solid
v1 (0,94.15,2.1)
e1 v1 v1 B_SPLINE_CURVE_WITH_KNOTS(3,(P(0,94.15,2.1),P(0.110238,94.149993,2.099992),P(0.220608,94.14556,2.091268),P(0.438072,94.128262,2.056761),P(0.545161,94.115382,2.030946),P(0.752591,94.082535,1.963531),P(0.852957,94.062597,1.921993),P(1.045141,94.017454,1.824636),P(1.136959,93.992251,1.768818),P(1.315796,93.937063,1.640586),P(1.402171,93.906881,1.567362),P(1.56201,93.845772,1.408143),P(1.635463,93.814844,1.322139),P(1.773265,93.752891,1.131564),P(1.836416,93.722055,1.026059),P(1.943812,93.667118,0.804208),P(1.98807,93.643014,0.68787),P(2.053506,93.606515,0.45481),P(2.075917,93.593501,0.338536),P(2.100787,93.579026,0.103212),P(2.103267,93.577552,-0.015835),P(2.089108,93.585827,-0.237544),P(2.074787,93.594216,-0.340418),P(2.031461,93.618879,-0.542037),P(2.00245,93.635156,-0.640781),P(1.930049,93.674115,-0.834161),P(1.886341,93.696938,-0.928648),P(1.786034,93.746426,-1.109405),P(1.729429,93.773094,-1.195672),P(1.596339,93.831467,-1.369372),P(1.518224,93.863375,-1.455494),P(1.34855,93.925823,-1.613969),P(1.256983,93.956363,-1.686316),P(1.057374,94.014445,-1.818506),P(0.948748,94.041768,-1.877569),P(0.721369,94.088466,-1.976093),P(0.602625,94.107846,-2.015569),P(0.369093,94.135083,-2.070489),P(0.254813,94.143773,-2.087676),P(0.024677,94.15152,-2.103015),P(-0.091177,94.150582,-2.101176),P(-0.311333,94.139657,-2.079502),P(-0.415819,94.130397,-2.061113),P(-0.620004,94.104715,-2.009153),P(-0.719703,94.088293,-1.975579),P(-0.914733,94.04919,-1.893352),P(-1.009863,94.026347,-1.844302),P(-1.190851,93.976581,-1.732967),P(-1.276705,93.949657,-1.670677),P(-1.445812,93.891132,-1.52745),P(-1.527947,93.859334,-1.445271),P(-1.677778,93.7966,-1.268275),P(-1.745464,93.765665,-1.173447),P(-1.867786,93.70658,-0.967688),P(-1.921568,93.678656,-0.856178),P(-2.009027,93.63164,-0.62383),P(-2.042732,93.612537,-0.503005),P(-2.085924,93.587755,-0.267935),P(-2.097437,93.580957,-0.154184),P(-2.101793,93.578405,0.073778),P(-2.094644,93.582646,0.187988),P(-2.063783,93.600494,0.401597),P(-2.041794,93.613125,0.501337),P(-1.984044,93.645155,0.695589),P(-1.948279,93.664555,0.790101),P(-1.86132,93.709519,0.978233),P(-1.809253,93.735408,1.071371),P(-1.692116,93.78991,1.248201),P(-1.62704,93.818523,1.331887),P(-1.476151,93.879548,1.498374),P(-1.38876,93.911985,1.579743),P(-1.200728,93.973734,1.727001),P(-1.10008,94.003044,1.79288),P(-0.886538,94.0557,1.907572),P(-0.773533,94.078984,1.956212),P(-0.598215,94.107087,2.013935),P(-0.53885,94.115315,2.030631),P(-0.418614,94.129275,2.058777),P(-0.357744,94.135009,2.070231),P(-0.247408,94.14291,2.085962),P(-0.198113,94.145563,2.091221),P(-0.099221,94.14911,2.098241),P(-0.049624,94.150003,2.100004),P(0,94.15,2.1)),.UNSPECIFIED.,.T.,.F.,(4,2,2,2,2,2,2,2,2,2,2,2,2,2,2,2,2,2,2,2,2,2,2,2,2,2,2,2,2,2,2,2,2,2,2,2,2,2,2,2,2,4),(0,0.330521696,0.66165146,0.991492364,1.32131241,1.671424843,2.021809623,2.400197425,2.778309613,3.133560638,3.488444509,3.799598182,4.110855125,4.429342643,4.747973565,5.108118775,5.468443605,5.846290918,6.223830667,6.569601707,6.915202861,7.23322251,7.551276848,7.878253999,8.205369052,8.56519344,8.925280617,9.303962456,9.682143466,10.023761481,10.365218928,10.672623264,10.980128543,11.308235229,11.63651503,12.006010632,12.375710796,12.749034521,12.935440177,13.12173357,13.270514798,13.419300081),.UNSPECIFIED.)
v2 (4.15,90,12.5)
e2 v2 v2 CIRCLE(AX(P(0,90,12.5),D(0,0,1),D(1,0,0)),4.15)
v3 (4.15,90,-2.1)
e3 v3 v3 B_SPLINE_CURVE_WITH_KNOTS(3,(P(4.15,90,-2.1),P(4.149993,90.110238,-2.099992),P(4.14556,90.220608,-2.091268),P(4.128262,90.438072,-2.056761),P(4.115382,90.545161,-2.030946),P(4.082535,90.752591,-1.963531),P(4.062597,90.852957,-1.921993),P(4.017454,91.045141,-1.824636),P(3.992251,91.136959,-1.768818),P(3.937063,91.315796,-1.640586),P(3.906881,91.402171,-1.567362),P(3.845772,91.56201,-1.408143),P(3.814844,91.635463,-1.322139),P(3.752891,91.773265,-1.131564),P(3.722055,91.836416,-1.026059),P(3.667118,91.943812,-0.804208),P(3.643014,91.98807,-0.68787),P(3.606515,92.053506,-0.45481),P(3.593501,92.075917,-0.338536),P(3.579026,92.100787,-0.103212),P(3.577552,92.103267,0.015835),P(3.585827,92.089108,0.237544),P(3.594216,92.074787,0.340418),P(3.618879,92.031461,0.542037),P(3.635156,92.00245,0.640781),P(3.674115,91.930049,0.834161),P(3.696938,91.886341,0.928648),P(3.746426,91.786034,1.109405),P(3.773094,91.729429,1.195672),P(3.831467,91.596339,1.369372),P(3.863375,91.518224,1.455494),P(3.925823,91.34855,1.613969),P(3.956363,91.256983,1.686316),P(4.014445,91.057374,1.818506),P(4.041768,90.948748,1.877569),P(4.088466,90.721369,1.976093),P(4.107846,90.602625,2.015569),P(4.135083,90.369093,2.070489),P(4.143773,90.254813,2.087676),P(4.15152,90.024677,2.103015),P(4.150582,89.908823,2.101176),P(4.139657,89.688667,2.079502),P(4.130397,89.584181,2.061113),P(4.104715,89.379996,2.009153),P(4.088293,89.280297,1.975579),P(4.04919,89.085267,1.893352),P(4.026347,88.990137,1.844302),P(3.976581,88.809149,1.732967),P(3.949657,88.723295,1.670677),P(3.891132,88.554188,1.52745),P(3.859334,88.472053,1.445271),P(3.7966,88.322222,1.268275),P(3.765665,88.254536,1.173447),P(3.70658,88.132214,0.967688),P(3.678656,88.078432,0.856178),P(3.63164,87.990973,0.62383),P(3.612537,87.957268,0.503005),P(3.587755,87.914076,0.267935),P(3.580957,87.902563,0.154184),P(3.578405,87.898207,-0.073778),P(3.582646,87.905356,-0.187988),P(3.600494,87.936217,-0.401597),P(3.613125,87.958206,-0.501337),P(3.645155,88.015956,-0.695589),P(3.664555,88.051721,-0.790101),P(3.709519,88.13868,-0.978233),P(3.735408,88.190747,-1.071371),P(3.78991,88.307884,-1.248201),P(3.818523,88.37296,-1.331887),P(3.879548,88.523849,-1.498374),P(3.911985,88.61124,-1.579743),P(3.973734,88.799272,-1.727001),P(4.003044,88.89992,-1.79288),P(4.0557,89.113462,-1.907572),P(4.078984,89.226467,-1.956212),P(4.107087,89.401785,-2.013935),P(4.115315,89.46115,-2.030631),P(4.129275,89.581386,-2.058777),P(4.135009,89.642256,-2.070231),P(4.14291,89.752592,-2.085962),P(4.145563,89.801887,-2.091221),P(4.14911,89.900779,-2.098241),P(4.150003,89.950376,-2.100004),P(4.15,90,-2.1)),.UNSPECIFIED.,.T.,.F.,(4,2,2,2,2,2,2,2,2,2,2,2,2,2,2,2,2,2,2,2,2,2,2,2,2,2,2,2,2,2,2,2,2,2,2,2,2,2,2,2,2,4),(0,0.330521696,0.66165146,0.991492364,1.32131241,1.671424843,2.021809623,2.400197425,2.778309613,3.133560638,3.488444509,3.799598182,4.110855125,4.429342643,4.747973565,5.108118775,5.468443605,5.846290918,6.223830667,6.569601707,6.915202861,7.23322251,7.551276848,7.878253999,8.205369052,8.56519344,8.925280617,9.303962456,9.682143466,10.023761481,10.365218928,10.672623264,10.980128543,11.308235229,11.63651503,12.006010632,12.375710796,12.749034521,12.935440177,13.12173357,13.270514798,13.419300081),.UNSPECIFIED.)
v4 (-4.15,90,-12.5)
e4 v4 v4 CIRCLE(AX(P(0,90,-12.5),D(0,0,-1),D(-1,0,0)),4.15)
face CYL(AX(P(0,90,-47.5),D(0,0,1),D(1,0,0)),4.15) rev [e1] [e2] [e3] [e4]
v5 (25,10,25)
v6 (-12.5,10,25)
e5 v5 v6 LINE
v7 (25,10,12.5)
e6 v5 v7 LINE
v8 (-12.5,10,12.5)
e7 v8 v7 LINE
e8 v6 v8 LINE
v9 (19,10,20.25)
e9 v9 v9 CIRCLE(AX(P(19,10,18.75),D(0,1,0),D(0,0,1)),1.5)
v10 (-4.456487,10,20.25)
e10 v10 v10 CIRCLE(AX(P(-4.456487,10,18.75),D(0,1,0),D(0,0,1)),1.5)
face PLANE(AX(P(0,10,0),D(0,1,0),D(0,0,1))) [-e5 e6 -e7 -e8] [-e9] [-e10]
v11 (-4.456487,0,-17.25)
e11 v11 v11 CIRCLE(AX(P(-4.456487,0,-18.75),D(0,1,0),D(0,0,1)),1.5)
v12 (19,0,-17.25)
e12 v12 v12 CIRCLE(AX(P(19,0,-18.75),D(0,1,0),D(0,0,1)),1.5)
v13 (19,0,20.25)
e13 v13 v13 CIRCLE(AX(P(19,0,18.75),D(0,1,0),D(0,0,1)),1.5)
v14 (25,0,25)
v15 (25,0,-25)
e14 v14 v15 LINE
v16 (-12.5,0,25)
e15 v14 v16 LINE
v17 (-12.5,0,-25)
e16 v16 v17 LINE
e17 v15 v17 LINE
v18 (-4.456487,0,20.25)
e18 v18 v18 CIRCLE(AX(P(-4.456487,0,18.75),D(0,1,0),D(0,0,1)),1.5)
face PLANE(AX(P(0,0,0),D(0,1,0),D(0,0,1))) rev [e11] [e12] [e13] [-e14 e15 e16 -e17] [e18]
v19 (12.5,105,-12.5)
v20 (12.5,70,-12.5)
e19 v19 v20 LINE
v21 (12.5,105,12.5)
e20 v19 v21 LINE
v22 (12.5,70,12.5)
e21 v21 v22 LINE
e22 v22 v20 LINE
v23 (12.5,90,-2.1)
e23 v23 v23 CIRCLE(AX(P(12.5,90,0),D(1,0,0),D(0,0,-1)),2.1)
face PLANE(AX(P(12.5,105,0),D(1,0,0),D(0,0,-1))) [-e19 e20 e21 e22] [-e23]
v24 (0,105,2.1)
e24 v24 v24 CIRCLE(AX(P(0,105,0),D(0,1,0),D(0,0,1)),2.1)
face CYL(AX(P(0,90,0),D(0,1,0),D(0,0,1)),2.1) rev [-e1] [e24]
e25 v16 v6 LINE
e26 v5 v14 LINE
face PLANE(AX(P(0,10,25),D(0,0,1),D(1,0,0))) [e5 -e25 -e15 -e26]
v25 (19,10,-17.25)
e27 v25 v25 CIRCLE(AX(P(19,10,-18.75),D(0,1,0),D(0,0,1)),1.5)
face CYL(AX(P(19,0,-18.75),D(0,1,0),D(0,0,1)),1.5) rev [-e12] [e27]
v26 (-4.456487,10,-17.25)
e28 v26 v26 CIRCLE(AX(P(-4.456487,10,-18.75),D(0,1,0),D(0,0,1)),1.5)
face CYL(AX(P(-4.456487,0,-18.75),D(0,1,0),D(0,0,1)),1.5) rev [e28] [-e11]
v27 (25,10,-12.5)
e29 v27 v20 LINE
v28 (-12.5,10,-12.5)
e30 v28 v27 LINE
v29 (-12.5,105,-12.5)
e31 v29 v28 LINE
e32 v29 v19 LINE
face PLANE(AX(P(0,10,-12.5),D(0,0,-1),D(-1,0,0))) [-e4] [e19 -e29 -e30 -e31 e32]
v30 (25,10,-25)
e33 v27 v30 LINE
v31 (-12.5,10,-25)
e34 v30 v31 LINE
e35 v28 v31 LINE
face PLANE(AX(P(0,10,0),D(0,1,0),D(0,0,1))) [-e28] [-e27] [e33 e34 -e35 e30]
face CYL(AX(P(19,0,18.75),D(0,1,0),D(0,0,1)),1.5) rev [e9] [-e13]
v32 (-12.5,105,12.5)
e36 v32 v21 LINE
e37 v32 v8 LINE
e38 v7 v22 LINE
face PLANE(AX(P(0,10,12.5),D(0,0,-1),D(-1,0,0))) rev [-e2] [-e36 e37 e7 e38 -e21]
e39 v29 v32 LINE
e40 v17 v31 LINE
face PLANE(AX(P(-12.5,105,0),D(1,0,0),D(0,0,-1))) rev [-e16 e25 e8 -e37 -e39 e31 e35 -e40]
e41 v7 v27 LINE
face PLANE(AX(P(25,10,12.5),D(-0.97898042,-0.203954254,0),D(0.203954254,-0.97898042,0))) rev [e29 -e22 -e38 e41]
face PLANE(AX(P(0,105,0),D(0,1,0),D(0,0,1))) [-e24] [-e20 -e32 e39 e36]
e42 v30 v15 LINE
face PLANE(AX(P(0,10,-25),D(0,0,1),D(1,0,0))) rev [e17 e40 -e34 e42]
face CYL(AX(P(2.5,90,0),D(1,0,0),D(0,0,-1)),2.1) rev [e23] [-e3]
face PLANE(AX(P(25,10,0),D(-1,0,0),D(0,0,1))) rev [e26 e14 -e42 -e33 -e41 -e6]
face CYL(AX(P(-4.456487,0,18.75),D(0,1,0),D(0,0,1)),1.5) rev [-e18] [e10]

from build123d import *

# Parameters (mm, degrees)
CROQUIS1_W              = 50
CROQUIS1_H              = 25
SALIENTE_EXTRUIR1_DEPTH = 10
CROQUIS1_3_W            = 25
CROQUIS1_3_H            = 25
SALIENTE_EXTRUIR2_DEPTH = 105
CROQUIS2_R              = 4.15
CORTAR_EXTRUIR1_DEPTH   = 60
CROQUIS3_R              = 2.1
CORTAR_EXTRUIR2_DEPTH   = 10
CROQUIS1_4_W            = 50
CROQUIS1_4_H            = 12.5
SALIENTE_EXTRUIR3_DEPTH = 10
CROQUIS5_R              = 1.5
CORTAR_EXTRUIR4_DEPTH   = 10
CORTAR_EXTRUIR7_DEPTH   = 10
CROQUIS8_R              = 2.1
CORTAR_EXTRUIR9_DEPTH   = 15
CROQUIS9_R              = 1.5
CORTAR_EXTRUIR10_DEPTH  = 10
SALIENTE_EXTRUIR4_DEPTH = 12.5


with BuildPart() as part:
    # Croquis1 → Saliente-Extruir1 (new body)
    with BuildSketch(Plane(origin=(0, 0, 0), x_dir=(1, 0, 0), z_dir=(0, 1, 0))):
        Rectangle(CROQUIS1_W, CROQUIS1_H)
    extrude(amount=SALIENTE_EXTRUIR1_DEPTH)

    # Croquis1<3> → Saliente-Extruir2 (add)
    with BuildSketch(Plane(origin=(0, 0, 0), x_dir=(1, 0, 0), z_dir=(0, 1, 0))):
        Rectangle(CROQUIS1_3_W, CROQUIS1_3_H)
    extrude(amount=SALIENTE_EXTRUIR2_DEPTH)

    # Croquis2 → Cortar-Extruir1 (cut)
    with BuildSketch(Plane.XY.offset(12.5)):
        with Locations((0, 90)):
            Circle(CROQUIS2_R)
    extrude(amount=-CORTAR_EXTRUIR1_DEPTH, mode=Mode.SUBTRACT)

    # Croquis3 → Cortar-Extruir2 (cut)
    with BuildSketch(Plane(origin=(12.5, 0, 0), x_dir=(0, 0, -1), z_dir=(1, 0, 0))):
        with Locations((0, 90)):
            Circle(CROQUIS3_R)
    extrude(amount=-CORTAR_EXTRUIR2_DEPTH, mode=Mode.SUBTRACT)

    # Croquis1<4> → Saliente-Extruir3 (add)
    with BuildSketch(Plane(origin=(0, 0, 0), x_dir=(1, 0, 0), z_dir=(0, 1, 0))):
        with Locations((0, -18.75)):
            Rectangle(CROQUIS1_4_W, CROQUIS1_4_H)
        with Locations((0, 18.75)):
            Rectangle(CROQUIS1_4_W, CROQUIS1_4_H)
    extrude(amount=SALIENTE_EXTRUIR3_DEPTH)

    # Croquis5 → Cortar-Extruir4 (cut)
    with BuildSketch(Plane(origin=(0, 10, 0), x_dir=(1, 0, 0), z_dir=(0, 1, 0))):
        with Locations((-4.456486884, 18.75)):
            Circle(CROQUIS5_R)
        with Locations((-4.456486884, -18.75)):
            Circle(CROQUIS5_R)
    extrude(amount=-CORTAR_EXTRUIR4_DEPTH, mode=Mode.SUBTRACT)

    # Croquis6 → Cortar-Extruir7 (cut)
    with BuildSketch(Plane(origin=(0, 10, 0), x_dir=(1, 0, 0), z_dir=(0, 1, 0))):
        Polygon((-12.5, 25), (-12.5, 12.5), (-12.5, -12.5), (-12.5, -25), (-25, -25), (-25, 25), align=None)
    extrude(amount=-CORTAR_EXTRUIR7_DEPTH, mode=Mode.SUBTRACT)

    # Croquis8 → Cortar-Extruir9 (cut)
    with BuildSketch(Plane(origin=(0, 105, 0), x_dir=(1, 0, 0), z_dir=(0, 1, 0))):
        Circle(CROQUIS8_R)
    extrude(amount=-CORTAR_EXTRUIR9_DEPTH, mode=Mode.SUBTRACT)

    # Croquis9 → Cortar-Extruir10 (cut)
    with BuildSketch(Plane(origin=(0, 10, 0), x_dir=(1, 0, 0), z_dir=(0, 1, 0))):
        with Locations((19, -18.75)):
            Circle(CROQUIS9_R)
        with Locations((19, 18.75)):
            Circle(CROQUIS9_R)
    extrude(amount=-CORTAR_EXTRUIR10_DEPTH, mode=Mode.SUBTRACT)

    # Croquis10 → Saliente-Extruir4 (add, symmetric)
    with BuildSketch(Plane.XY):
        Polygon((12.5, 10), (25, 10), (12.5, 70), align=None)
    extrude(amount=SALIENTE_EXTRUIR4_DEPTH, both=True)


solid = part.part
